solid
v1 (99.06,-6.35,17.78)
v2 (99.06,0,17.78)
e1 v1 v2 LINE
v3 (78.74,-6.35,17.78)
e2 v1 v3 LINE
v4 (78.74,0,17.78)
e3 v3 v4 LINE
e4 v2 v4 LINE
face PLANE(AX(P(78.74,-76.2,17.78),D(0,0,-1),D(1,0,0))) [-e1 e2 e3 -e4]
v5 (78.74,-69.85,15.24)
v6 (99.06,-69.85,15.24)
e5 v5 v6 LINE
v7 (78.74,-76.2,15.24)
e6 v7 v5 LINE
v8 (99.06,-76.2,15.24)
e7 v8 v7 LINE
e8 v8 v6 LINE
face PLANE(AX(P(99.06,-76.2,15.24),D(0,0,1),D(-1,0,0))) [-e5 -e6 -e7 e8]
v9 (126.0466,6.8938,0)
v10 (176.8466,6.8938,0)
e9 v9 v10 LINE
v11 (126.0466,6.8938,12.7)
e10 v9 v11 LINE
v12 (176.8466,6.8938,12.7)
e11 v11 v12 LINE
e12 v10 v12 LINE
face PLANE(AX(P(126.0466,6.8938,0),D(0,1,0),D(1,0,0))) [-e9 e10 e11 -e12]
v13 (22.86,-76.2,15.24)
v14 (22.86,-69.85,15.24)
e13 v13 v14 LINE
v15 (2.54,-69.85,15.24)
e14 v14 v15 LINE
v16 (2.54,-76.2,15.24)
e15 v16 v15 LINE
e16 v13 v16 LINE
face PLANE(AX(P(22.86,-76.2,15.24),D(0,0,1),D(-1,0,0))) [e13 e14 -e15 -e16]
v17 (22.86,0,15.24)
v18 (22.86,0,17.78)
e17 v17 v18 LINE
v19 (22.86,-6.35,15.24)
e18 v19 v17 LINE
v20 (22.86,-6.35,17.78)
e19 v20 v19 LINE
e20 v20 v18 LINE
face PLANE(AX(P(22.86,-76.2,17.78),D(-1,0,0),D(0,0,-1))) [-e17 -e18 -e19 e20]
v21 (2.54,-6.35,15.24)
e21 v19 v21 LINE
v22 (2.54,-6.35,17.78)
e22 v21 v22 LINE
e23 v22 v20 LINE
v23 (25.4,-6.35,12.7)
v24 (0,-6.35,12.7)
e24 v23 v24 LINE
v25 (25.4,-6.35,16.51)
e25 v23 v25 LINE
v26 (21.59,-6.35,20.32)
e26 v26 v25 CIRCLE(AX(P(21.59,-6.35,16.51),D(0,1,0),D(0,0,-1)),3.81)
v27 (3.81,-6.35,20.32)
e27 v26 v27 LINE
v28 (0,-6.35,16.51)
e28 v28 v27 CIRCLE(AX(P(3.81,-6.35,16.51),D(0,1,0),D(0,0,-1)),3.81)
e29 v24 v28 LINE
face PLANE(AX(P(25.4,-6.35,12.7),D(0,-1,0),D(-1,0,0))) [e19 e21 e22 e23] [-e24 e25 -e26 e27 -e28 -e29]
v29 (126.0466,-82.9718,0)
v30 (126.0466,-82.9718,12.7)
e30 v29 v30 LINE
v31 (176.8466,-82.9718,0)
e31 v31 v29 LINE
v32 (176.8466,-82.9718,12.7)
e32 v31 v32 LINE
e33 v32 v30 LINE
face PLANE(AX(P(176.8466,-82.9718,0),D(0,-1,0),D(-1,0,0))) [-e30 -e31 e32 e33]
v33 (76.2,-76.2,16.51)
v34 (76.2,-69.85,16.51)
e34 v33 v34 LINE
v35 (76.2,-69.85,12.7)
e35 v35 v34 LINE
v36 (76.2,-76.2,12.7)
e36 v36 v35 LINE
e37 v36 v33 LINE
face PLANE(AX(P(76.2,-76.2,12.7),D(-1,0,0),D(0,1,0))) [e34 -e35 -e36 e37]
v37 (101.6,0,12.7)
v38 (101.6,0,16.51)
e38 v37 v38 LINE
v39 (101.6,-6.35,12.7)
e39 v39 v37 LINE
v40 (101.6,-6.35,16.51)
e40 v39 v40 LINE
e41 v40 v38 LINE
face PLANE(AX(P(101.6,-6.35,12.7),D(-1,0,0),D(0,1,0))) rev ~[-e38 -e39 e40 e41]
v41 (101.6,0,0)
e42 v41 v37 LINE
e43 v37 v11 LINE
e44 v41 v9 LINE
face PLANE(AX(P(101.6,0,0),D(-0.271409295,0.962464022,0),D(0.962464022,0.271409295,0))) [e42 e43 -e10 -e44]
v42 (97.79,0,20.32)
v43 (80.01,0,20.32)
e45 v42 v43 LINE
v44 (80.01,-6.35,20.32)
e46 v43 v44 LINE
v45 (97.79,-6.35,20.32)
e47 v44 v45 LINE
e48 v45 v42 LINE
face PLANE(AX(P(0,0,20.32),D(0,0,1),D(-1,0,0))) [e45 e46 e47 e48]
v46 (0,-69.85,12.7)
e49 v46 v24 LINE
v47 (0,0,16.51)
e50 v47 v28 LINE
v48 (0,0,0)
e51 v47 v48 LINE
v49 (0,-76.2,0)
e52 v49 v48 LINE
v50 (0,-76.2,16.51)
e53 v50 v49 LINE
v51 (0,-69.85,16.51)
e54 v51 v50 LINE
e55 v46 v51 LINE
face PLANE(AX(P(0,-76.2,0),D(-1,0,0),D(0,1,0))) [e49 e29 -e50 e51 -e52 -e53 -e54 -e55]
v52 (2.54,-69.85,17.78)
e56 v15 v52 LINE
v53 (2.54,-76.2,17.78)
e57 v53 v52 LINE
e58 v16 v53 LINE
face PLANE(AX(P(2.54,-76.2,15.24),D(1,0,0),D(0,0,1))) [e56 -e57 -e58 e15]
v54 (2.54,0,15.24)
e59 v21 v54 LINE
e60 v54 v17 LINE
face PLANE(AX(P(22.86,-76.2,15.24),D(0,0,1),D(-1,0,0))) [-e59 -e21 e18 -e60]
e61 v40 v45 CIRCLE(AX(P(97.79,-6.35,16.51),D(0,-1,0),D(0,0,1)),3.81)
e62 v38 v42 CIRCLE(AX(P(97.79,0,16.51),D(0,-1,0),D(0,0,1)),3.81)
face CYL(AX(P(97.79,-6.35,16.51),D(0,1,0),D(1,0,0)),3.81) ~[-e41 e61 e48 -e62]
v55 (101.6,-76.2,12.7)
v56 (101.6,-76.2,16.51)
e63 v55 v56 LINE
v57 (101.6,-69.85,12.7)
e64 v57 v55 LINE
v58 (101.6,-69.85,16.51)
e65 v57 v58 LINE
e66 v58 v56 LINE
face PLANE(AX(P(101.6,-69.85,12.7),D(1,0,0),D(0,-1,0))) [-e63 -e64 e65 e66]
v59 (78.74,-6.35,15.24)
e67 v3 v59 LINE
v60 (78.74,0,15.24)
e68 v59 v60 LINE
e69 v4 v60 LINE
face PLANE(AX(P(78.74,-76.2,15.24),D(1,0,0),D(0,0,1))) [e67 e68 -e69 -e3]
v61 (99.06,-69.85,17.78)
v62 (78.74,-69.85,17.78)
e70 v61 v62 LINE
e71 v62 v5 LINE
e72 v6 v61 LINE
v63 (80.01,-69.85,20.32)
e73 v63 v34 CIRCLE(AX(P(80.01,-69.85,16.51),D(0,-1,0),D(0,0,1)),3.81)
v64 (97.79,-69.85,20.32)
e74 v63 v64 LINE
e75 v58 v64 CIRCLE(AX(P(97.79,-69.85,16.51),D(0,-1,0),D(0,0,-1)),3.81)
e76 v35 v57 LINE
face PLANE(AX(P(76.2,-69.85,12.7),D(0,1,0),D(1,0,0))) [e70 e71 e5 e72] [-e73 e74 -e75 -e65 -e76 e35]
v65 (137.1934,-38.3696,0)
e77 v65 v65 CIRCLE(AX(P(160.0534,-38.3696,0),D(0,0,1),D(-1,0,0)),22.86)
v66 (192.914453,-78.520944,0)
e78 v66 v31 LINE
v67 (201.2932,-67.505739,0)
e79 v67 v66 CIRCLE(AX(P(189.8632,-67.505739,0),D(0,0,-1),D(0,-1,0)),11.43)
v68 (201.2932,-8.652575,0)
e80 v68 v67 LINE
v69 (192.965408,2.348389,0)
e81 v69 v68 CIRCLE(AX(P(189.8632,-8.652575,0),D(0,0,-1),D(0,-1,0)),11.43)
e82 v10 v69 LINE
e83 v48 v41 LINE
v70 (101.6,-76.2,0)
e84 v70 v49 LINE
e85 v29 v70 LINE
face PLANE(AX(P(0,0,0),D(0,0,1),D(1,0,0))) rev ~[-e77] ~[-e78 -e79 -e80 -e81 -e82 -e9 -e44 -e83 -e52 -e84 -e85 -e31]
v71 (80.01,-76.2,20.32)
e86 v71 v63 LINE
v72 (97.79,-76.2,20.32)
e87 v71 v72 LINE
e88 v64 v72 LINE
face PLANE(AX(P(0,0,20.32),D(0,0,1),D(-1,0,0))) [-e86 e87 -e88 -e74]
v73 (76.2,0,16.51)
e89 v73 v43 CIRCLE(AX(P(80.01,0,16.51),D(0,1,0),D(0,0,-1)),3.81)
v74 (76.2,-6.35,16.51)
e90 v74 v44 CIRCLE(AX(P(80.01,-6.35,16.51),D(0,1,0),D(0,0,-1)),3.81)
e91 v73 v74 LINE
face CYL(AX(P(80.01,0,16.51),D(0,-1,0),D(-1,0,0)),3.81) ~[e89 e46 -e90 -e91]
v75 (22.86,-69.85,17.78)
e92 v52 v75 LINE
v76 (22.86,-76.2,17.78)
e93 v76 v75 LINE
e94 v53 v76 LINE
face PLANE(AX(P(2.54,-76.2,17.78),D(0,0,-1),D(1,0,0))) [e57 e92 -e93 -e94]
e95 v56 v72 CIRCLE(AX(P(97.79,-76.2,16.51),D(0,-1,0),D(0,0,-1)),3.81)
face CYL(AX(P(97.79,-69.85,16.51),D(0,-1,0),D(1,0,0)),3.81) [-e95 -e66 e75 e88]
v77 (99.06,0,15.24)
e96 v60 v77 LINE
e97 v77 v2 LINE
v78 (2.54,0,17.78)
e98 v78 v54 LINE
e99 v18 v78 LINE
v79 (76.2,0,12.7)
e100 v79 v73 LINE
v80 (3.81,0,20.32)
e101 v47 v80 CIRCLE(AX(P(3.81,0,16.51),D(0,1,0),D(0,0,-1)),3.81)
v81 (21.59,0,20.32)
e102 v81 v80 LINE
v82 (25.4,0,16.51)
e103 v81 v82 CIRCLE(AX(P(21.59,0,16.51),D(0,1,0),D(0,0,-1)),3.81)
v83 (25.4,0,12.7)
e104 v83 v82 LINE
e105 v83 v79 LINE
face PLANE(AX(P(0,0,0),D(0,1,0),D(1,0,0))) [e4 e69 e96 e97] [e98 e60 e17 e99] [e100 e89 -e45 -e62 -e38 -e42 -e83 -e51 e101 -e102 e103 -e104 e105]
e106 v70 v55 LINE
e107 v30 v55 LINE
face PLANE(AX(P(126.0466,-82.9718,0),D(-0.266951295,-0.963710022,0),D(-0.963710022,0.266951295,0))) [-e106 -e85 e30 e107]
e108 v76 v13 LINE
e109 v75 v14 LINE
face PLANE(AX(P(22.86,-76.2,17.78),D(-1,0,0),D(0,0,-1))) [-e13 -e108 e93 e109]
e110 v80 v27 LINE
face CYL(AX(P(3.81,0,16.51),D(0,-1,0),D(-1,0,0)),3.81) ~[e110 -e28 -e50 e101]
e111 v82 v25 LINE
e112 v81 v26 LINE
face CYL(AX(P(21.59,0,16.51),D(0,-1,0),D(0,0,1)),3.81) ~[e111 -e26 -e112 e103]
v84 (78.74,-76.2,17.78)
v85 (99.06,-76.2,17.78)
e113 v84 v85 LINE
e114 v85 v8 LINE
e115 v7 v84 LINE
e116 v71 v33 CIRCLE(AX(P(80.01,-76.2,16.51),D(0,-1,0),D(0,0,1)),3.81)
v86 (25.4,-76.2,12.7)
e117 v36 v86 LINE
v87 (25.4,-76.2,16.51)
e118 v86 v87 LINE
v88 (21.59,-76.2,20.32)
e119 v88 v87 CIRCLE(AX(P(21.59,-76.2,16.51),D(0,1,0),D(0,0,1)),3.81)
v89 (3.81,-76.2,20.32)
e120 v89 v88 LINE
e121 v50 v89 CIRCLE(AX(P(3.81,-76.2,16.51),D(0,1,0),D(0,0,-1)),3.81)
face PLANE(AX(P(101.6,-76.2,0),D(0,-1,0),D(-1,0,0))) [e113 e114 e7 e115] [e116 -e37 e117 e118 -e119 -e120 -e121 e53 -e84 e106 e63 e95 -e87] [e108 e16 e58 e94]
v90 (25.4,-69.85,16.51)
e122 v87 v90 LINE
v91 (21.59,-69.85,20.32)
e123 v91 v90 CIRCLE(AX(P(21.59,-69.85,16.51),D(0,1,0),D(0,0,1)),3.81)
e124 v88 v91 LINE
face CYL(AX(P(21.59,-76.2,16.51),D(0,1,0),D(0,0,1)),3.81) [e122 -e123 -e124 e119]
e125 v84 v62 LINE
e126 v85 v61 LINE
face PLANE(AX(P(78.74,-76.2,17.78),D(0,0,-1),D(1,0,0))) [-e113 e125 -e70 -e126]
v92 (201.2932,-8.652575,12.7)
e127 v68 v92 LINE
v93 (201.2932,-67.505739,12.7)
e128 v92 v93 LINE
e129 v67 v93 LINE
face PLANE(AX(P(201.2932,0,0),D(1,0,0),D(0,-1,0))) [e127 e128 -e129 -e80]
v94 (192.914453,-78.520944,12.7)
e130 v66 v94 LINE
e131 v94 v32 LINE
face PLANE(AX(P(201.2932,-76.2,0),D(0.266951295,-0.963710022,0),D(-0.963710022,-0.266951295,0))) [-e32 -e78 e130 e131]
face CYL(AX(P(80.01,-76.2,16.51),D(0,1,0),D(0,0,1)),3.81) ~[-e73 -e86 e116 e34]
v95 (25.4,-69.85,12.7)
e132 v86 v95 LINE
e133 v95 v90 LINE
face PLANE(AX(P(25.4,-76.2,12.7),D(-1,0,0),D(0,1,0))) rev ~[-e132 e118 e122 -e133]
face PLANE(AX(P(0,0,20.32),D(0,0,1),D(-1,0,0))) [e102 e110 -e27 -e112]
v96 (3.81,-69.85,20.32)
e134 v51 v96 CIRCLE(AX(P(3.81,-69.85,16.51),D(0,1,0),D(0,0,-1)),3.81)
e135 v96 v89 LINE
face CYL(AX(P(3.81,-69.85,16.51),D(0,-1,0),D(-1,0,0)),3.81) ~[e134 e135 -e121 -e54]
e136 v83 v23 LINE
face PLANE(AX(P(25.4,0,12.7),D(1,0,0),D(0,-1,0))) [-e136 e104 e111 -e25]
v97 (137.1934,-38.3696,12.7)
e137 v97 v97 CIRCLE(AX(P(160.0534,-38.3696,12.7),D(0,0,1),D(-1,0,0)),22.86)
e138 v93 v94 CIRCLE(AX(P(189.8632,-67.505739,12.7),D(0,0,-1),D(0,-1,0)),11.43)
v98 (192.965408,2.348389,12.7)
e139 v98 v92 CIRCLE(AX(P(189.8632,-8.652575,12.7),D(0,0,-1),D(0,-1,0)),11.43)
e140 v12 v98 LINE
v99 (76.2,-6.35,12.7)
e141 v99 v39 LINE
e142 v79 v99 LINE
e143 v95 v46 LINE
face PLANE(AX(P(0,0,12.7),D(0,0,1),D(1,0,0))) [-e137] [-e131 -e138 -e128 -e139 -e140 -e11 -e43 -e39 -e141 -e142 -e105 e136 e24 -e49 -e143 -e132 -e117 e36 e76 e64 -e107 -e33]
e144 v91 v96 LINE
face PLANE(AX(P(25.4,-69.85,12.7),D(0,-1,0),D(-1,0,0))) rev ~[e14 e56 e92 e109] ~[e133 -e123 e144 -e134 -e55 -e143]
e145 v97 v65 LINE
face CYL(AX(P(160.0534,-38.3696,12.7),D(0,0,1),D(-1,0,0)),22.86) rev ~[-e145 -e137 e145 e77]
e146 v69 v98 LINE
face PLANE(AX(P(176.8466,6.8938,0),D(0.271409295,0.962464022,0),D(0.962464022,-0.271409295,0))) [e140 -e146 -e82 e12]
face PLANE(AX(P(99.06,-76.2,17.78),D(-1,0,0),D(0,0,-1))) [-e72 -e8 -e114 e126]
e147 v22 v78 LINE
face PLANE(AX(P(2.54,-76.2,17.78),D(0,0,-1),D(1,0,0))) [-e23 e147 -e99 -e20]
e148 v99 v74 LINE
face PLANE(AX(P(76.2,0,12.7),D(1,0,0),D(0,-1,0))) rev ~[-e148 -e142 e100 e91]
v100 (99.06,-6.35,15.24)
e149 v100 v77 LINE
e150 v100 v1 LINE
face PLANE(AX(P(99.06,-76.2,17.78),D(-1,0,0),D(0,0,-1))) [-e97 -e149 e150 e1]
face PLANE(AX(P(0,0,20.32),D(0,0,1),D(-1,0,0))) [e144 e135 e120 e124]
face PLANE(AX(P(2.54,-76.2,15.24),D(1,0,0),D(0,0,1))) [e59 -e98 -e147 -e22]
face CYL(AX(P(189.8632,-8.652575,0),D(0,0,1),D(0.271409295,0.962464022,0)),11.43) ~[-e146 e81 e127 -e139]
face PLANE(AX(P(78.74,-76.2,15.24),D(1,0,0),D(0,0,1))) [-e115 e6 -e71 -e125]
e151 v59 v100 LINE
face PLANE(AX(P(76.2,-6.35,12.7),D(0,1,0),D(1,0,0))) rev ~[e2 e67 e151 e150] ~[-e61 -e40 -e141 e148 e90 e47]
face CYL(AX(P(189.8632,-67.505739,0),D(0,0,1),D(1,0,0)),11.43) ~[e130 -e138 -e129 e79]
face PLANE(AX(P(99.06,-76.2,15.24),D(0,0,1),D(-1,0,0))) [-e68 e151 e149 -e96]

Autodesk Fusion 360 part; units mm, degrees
sketch "Sketch1" plane through (0, 0, 0) normal (0, 0, 1) x (1, 0, 0)
  line L0 (0, 0) -> (101.6, 0)
  line L1 (101.6, 0) -> (101.6, -76.2)
  line L2 (101.6, -76.2) -> (0, -76.2)
  line L3 (0, -76.2) -> (0, 0)
  line L4 (101.6, 0) -> (126.0466, 6.8938)
  line L5 (126.0466, 6.8938) -> (176.8466, 6.8938)
  line L6 (176.8466, 6.8938) -> (201.2932, 0)
  line L7 (201.2932, 0) -> (201.2932, -76.2)
  line L8 (201.2932, -76.2) -> (176.8466, -82.9718)
  line L9 (176.8466, -82.9718) -> (126.0466, -82.9718)
  line L10 (126.0466, -82.9718) -> (101.6, -76.2)
  dimension "d1" = 101.6
  dimension "d2" = 76.2
  dimension "d3" = 25.4
  dimension "d4" = 50.8
  dimension "d5" = 25.4
extrude "Extrude1" add sketch "Sketch1" along normal blind 12.7
fillet "Fillet1" radius 11.43 2 edges at (201.2932, -76.2, 6.35) (201.2932, 0, 6.35)
sketch "Sketch2" plane through (0, 0, 12.7) normal (0, 0, 1) x (-1, 0, 0)
  arc A0 (-201.2932, 8.6526) -> (-192.9654, -2.3484) centre (-189.8632, 8.6526) ccw
  line L0 (-192.9654, -2.3484) -> (-176.8466, -6.8938)
  line L1 (-176.8466, -6.8938) -> (-126.0466, -6.8938)
  line L2 (-126.0466, -6.8938) -> (-101.6, 0)
  line L3 (-101.6, 0) -> (0, 0)
  line L4 (0, 0) -> (0, 76.2)
  line L5 (0, 76.2) -> (-101.6, 76.2)
  line L6 (-101.6, 76.2) -> (-126.0466, 82.9718)
  line L7 (-126.0466, 82.9718) -> (-176.8466, 82.9718)
  line L8 (-176.8466, 82.9718) -> (-192.9144, 78.5209)
  arc A1 (-192.9144, 78.5209) -> (-201.2932, 67.5057) centre (-189.8632, 67.5057) ccw
  line L9 (-201.2932, 67.5057) -> (-201.2932, 8.6526)
  line L10 (0, 0) -> (-25.4, 0)
  line L11 (-25.4, 0) -> (-25.4, 6.35)
  line L12 (-25.4, 6.35) -> (0, 6.35)
  line L13 (0, 6.35) -> (0, 0)
  line L14 (0, 38.1) -> (-145.8184, 38.1) construction
  line L15 (-50.8, 0) -> (-50.8, 76.2) construction
  line L16 (0, 76.2) -> (-25.4, 76.2)
  line L17 (0, 69.85) -> (0, 76.2)
  line L18 (-25.4, 69.85) -> (0, 69.85)
  line L19 (-25.4, 76.2) -> (-25.4, 69.85)
  line L20 (-76.2, 0) -> (-76.2, 6.35)
  line L21 (-101.6, 0) -> (-76.2, 0)
  line L22 (-101.6, 6.35) -> (-101.6, 0)
  line L23 (-76.2, 6.35) -> (-101.6, 6.35)
  line L24 (-76.2, 69.85) -> (-101.6, 69.85)
  line L25 (-101.6, 69.85) -> (-101.6, 76.2)
  line L26 (-101.6, 76.2) -> (-76.2, 76.2)
  line L27 (-76.2, 76.2) -> (-76.2, 69.85)
  dimension "d10" = 25.4
  dimension "d11" = 6.35
extrude "Extrude2" add sketch "Sketch2" along normal blind 7.62 contours L3 L20 L21 L22 L23 | L5 L24 L25 L26 L27 | L3 L4 L10 L11 L12 L13 | L4 L5 L16 L17 L18 L19
sketch "Sketch3" plane through (0, -76.2, 0) normal (0, -1, 0) x (1, 0, 0)
  line L0 (0, 0) -> (101.6, 0)
  line L1 (101.6, 0) -> (101.6, 12.7)
  line L2 (101.6, 12.7) -> (101.6, 20.32)
  line L3 (101.6, 20.32) -> (76.2, 20.32)
  line L4 (76.2, 20.32) -> (76.2, 12.7)
  line L5 (76.2, 12.7) -> (25.4, 12.7)
  line L6 (25.4, 12.7) -> (25.4, 20.32)
  line L7 (25.4, 20.32) -> (0, 20.32)
  line L8 (0, 20.32) -> (0, 0)
  line L9 (2.54, 17.78) -> (22.86, 17.78)
  line L10 (22.86, 17.78) -> (22.86, 15.24)
  line L11 (22.86, 15.24) -> (2.54, 15.24)
  line L12 (2.54, 15.24) -> (2.54, 17.78)
  line L13 (78.74, 17.78) -> (99.06, 17.78)
  line L14 (99.06, 17.78) -> (99.06, 15.24)
  line L15 (99.06, 15.24) -> (78.74, 15.24)
  line L16 (78.74, 15.24) -> (78.74, 17.78)
extrude "Extrude3" cut sketch "Sketch3" against normal blind 86.36 contours L9 L10 L11 L12 | L13 L14 L15 L16
fillet "Fillet2" radius 3.81 8 edges at (101.6, -3.175, 20.32) (76.2, -3.175, 20.32) (101.6, -73.025, 20.32) (76.2, -73.025, 20.32) (25.4, -73.025, 20.32) (0, -73.025, 20.32) (0, -3.175, 20.32) (25.4, -3.175, 20.32)
sketch "Sketch4" plane through (0, 0, 12.7) normal (0, 0, 1) x (-1, 0, 0)
  line L0 (-101.6, 0) -> (-101.6, 6.35)
  line L1 (-101.6, 6.35) -> (-76.2, 6.35)
  line L2 (-76.2, 6.35) -> (-76.2, 0)
  line L3 (-76.2, 0) -> (-25.4, 0)
  line L4 (-25.4, 0) -> (-25.4, 6.35)
  line L5 (-25.4, 6.35) -> (0, 6.35)
  line L6 (0, 6.35) -> (0, 69.85)
  line L7 (0, 69.85) -> (-25.4, 69.85)
  line L8 (-25.4, 69.85) -> (-25.4, 76.2)
  line L9 (-25.4, 76.2) -> (-76.2, 76.2)
  line L10 (-76.2, 76.2) -> (-76.2, 69.85)
  line L11 (-76.2, 69.85) -> (-101.6, 69.85)
  line L12 (-101.6, 69.85) -> (-101.6, 76.2)
  line L13 (-101.6, 76.2) -> (-126.0466, 82.9718)
  line L14 (-126.0466, 82.9718) -> (-176.8466, 82.9718)
  line L15 (-176.8466, 82.9718) -> (-192.9144, 78.5209)
  arc A0 (-192.9144, 78.5209) -> (-201.2932, 67.5057) centre (-189.8632, 67.5057) ccw
  line L16 (-201.2932, 67.5057) -> (-201.2932, 8.6526)
  arc A1 (-201.2932, 8.6526) -> (-192.9654, -2.3484) centre (-189.8632, 8.6526) ccw
  line L17 (-192.9654, -2.3484) -> (-176.8466, -6.8938)
  line L18 (-176.8466, -6.8938) -> (-126.0466, -6.8938)
  line L19 (-126.0466, -6.8938) -> (-101.6, 0)
  circle A2 centre (-160.0534, 38.3696) radius 22.86
  dimension "d18" = 45.72
extrude "Extrude4" cut sketch "Sketch4" against normal blind 38.1 contours A2
